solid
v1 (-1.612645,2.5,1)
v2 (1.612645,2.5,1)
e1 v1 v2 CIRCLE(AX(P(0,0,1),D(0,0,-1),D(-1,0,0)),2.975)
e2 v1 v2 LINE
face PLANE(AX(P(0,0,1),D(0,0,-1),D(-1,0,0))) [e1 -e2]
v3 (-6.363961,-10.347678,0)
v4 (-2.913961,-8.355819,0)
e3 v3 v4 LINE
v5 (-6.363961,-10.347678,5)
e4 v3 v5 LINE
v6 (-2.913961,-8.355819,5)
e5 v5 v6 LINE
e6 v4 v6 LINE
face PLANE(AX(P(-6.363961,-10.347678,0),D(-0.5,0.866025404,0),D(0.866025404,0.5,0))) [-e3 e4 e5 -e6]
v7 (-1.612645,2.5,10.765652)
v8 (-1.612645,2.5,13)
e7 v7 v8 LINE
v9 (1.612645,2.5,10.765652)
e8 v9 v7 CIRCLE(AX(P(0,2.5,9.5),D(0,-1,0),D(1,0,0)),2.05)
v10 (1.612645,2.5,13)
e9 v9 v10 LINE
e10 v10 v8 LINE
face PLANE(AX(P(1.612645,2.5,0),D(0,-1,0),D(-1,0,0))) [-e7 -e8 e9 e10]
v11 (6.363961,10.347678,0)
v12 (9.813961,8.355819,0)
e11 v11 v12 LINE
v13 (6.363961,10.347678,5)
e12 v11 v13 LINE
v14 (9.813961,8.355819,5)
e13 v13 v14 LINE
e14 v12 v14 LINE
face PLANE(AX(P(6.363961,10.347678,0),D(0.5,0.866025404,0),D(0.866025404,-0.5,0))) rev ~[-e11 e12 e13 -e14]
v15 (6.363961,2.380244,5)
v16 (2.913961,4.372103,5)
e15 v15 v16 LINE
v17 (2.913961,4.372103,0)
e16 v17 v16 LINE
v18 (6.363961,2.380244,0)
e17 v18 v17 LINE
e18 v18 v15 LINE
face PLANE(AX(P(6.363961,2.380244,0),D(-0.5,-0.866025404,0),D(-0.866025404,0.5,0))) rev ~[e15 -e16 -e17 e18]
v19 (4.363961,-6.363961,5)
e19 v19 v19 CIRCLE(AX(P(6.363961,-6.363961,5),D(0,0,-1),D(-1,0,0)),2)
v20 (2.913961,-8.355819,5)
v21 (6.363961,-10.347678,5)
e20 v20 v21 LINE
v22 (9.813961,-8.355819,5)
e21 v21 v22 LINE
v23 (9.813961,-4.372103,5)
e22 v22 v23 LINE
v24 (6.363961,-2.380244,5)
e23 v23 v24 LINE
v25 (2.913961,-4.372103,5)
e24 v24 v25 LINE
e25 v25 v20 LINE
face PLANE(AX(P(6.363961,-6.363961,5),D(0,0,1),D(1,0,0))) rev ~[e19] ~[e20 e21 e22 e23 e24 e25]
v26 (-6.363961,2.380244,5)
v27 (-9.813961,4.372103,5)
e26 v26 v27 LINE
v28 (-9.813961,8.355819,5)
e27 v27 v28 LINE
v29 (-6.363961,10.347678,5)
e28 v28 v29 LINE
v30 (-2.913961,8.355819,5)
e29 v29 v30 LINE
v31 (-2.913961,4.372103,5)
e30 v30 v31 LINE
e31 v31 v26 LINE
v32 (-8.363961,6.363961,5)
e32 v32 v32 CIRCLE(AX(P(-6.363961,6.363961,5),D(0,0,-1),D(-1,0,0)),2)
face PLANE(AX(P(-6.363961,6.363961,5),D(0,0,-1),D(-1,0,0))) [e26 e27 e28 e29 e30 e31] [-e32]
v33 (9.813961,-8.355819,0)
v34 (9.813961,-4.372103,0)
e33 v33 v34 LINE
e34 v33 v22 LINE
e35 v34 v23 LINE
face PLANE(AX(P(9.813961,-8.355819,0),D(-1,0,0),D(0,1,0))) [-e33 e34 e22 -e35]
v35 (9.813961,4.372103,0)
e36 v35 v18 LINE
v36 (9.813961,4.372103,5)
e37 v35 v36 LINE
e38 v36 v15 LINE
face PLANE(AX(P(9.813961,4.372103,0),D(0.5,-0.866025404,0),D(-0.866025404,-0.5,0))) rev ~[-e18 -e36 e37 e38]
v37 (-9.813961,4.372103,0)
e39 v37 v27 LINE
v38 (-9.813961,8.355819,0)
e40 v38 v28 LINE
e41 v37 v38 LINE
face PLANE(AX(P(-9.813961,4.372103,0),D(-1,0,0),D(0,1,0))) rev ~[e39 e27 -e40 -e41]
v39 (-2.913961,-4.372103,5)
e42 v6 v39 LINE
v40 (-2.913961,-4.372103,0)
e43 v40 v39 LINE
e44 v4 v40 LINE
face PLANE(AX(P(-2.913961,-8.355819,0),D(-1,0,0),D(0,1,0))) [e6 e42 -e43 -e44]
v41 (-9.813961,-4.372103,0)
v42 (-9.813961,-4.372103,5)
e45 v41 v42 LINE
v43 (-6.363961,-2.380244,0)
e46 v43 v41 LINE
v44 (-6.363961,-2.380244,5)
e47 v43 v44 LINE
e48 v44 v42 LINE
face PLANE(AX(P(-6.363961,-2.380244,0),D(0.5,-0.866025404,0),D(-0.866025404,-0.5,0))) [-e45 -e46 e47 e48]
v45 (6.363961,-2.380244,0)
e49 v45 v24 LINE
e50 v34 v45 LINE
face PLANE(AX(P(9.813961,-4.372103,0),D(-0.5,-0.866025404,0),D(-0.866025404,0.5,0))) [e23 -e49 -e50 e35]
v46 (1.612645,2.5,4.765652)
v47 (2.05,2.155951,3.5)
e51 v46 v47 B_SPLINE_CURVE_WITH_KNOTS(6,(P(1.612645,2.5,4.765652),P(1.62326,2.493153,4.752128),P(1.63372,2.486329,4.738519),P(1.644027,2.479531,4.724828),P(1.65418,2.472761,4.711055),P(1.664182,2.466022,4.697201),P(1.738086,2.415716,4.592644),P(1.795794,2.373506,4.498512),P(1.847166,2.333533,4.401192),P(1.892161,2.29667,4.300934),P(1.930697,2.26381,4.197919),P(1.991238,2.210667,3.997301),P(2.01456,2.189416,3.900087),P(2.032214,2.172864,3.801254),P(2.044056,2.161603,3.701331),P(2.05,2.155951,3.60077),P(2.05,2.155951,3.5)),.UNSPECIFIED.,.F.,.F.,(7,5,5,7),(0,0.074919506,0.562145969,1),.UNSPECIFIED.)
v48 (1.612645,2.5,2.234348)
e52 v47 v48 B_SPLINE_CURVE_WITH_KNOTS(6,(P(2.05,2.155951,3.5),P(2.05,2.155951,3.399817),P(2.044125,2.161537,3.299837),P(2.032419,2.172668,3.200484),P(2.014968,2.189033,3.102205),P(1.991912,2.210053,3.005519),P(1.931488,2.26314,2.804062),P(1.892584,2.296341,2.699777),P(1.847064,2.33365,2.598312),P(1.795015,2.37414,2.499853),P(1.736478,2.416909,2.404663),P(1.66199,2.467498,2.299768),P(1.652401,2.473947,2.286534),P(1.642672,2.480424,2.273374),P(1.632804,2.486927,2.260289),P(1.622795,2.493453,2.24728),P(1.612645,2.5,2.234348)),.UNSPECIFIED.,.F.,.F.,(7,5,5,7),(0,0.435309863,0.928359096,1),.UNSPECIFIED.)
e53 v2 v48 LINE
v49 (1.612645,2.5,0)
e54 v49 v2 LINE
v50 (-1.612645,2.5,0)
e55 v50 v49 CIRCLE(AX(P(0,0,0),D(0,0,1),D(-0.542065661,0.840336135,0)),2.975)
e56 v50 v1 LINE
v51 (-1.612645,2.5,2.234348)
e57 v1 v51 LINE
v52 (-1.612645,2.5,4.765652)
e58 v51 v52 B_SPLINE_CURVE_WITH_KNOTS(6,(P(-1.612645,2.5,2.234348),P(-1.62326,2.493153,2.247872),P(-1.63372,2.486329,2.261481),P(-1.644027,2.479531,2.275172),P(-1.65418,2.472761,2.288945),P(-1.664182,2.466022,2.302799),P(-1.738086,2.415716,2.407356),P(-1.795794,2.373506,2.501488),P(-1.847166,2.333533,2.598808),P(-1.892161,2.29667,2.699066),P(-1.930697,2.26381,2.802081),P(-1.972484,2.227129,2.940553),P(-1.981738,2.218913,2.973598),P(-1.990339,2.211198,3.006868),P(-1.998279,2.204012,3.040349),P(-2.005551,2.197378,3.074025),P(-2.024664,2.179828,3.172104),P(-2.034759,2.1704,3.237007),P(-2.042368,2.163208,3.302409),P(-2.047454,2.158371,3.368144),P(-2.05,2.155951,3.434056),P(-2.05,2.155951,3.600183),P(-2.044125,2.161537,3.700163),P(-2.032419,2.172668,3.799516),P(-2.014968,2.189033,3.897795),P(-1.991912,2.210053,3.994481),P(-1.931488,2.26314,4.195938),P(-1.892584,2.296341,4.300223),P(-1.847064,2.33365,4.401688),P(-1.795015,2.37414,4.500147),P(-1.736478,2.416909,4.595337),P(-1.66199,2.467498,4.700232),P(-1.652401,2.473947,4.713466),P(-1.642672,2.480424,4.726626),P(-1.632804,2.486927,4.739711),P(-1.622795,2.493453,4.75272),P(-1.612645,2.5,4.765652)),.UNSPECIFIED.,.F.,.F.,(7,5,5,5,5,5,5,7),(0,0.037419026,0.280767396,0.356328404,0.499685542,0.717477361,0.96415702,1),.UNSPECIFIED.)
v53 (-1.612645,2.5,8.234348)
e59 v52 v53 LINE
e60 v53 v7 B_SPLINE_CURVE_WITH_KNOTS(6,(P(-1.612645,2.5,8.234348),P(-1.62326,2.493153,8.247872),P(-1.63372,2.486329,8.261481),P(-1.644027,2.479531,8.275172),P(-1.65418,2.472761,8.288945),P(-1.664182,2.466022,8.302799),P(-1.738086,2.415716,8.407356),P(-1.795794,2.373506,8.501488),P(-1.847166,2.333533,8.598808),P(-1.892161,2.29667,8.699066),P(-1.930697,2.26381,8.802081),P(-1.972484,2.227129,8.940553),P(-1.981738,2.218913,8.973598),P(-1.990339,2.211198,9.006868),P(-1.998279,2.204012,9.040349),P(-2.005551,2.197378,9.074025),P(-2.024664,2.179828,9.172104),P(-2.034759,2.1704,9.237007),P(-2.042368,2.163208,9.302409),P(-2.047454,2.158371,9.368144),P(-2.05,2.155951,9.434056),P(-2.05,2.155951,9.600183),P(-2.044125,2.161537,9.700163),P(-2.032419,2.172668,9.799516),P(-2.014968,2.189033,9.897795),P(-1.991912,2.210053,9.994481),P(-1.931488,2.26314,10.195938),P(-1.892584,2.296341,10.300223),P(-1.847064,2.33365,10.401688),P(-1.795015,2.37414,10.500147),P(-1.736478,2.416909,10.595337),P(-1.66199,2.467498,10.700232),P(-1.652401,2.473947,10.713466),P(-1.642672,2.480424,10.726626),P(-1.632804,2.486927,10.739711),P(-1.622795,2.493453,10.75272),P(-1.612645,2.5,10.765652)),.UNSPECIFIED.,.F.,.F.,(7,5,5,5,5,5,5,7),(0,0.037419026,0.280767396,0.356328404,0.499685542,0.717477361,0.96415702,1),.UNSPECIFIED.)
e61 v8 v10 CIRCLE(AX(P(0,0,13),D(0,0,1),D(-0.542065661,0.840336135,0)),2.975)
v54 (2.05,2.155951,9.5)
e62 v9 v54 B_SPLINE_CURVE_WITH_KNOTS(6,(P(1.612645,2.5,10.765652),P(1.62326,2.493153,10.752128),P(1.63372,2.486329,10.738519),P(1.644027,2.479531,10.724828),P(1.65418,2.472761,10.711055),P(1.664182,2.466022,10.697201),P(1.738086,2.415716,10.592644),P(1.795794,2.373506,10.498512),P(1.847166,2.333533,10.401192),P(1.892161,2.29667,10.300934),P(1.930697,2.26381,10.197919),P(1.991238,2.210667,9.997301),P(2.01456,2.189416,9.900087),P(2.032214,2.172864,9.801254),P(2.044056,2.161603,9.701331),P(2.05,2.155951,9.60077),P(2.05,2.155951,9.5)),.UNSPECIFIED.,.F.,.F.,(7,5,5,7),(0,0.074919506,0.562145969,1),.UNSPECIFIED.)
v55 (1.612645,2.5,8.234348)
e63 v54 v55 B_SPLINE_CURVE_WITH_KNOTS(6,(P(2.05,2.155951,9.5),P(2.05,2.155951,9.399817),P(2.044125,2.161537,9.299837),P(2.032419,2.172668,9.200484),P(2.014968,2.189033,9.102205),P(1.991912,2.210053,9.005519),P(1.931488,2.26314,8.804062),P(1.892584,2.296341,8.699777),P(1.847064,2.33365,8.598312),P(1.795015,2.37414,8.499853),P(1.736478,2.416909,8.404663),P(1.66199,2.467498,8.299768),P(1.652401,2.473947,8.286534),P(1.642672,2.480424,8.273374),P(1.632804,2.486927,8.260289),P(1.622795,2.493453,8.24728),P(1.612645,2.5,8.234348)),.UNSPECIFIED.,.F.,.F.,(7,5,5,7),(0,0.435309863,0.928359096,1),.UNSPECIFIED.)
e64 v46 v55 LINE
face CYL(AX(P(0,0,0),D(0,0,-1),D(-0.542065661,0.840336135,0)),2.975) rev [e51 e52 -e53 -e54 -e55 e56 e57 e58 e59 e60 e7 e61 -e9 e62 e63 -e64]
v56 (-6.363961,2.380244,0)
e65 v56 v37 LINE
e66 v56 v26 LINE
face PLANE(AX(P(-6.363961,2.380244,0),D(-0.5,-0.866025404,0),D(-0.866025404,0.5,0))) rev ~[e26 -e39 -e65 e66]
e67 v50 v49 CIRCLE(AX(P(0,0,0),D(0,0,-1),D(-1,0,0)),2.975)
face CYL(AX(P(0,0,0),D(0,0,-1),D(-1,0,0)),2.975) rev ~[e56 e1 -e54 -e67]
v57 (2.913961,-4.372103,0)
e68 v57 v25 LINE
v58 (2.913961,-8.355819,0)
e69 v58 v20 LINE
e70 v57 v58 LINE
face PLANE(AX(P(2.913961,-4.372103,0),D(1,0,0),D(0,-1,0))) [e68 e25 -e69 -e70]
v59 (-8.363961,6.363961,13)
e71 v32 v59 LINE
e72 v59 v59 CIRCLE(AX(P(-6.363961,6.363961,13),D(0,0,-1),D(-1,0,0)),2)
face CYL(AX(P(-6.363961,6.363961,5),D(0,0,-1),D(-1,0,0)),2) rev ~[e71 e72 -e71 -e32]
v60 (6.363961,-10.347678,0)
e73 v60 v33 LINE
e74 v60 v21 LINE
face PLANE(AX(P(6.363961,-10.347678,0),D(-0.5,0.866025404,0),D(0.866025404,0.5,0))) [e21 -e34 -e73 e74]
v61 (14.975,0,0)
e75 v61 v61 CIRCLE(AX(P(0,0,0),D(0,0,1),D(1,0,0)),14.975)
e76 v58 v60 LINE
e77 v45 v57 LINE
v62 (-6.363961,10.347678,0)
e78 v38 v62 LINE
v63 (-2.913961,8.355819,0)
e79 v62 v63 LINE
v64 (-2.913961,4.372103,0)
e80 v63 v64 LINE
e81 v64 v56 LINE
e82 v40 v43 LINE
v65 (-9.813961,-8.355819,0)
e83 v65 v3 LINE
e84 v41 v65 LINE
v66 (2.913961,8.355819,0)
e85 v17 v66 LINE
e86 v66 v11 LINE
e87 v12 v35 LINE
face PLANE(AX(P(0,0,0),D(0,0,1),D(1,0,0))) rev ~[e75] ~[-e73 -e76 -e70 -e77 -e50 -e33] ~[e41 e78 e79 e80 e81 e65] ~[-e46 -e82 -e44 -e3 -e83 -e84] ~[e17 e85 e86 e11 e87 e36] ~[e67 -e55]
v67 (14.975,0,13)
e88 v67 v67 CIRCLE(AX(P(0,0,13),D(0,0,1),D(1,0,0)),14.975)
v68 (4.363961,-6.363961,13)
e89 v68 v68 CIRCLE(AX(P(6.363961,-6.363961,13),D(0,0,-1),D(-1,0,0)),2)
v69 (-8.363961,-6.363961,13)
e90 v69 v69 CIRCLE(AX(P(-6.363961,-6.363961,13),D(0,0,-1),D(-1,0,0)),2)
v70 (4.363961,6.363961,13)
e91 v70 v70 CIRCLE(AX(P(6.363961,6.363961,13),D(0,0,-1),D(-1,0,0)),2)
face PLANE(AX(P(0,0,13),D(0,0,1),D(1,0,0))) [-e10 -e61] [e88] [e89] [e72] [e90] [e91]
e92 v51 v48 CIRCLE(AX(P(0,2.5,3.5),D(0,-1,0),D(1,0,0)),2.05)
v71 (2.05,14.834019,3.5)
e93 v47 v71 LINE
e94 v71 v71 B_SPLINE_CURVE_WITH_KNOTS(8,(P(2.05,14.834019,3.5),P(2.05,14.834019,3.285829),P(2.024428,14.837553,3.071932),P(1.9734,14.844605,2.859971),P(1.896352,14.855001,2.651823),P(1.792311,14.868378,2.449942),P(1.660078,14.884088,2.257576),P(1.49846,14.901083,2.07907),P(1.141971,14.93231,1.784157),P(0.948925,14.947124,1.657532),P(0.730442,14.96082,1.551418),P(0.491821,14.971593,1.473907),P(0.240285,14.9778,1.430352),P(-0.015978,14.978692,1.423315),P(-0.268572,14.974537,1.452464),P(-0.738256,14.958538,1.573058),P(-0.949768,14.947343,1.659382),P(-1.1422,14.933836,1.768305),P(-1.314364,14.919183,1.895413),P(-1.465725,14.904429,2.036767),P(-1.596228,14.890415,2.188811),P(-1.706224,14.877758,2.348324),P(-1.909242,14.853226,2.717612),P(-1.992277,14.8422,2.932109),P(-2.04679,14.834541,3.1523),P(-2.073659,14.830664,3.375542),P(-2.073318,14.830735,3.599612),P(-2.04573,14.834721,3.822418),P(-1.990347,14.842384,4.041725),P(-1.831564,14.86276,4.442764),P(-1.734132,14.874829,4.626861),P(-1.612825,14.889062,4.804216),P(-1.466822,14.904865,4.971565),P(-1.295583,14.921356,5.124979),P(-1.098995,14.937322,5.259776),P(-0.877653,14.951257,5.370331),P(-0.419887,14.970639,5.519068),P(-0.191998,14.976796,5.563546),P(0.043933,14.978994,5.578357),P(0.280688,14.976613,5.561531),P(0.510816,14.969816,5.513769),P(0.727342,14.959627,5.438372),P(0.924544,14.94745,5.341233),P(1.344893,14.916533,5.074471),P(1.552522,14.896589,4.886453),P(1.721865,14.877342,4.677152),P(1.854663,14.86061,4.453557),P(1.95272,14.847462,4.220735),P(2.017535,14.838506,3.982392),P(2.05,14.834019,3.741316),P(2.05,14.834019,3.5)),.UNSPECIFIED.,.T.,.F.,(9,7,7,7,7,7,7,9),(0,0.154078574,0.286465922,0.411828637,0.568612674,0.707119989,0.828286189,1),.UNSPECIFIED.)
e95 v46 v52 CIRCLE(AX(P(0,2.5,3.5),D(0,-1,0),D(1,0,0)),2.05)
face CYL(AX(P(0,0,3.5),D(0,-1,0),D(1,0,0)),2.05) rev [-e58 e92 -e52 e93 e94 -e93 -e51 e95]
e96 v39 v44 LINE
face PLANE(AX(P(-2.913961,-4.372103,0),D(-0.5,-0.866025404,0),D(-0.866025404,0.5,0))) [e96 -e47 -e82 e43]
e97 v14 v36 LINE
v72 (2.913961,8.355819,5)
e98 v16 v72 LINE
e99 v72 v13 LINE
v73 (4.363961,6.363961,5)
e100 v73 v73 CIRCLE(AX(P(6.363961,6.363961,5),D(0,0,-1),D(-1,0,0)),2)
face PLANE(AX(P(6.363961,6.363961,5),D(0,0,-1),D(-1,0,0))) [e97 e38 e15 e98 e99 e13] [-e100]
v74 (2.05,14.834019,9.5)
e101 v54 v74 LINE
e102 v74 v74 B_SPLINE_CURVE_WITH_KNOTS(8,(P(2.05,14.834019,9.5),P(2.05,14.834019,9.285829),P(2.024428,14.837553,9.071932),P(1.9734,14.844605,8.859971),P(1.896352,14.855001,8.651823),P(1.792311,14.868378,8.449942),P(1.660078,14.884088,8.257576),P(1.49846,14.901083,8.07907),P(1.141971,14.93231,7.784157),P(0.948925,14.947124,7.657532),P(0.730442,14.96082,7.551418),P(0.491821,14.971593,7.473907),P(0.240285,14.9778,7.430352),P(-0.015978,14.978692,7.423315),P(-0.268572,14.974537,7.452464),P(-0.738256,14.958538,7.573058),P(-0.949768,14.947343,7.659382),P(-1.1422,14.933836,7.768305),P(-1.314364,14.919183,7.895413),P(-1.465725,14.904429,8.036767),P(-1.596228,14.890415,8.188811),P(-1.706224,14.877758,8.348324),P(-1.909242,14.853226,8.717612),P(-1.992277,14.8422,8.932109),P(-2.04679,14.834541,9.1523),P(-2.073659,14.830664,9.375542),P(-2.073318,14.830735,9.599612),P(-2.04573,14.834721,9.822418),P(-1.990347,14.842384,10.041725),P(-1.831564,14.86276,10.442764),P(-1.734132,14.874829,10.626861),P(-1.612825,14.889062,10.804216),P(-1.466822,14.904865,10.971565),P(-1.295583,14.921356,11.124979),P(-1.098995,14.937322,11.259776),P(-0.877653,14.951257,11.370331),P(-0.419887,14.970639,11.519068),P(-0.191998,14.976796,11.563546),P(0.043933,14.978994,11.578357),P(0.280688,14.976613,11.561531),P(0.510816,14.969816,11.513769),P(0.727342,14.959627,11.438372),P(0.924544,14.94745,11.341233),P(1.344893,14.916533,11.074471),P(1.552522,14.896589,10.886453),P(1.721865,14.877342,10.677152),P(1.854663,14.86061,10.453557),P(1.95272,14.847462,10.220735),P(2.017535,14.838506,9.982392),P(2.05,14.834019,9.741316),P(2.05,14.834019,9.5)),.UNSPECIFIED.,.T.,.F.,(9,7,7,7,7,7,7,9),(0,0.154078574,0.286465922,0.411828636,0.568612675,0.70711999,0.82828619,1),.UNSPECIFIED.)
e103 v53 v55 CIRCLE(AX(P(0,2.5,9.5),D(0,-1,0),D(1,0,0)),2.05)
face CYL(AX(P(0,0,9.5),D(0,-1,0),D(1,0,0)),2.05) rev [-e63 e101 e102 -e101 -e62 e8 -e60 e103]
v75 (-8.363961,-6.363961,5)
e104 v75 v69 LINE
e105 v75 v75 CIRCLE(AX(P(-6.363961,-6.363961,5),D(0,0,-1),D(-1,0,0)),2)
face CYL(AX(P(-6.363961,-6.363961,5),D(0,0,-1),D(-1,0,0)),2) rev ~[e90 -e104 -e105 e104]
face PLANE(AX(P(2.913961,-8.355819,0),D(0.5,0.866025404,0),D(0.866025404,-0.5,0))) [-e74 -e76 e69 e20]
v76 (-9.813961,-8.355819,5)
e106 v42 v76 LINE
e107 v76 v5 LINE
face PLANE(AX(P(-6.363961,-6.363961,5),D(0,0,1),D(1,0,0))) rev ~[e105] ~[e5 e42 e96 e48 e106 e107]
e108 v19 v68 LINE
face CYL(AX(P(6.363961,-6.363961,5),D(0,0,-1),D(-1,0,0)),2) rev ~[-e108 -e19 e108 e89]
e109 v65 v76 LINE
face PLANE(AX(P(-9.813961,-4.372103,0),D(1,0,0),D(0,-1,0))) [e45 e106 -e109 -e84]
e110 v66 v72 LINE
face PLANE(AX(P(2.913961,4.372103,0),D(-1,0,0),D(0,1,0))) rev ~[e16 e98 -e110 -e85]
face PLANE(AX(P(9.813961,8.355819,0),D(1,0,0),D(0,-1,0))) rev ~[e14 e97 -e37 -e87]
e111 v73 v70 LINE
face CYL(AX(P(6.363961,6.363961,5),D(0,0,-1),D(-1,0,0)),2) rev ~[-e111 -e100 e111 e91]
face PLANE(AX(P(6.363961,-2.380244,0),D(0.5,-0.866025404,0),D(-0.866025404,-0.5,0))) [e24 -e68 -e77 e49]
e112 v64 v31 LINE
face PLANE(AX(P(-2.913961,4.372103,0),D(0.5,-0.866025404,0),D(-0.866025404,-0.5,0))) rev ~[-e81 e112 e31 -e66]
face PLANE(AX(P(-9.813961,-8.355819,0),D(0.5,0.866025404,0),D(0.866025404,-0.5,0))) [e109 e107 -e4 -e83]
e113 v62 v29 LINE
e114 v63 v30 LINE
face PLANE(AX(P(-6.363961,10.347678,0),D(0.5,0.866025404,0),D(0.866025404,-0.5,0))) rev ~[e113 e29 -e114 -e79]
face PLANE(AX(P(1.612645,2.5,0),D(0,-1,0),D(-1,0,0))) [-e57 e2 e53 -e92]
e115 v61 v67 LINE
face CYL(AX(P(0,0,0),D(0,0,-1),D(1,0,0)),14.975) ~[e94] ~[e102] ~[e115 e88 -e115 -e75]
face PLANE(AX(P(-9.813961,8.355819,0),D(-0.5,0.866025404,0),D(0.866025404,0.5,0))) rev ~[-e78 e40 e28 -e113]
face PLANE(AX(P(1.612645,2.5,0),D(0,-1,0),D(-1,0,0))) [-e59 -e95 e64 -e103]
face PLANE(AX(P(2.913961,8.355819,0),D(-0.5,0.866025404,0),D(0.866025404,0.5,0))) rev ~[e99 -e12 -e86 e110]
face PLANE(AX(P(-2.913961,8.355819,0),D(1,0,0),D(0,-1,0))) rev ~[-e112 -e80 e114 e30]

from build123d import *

# Parameters (mm, degrees)
SKETCH1_R           = 14.975
BOSS_EXTRUDE1_DEPTH = 13
SKETCH3_R           = 2.05
CUT_EXTRUDE2_DEPTH  = 16
CUT_EXTRUDE7_DEPTH  = 5
SKETCH12_R          = 2
CUT_EXTRUDE8_DEPTH  = 9.0000001
SKETCH13_R          = 2.975
CUT_EXTRUDE9_DEPTH  = 1


with BuildPart() as part:
    # Sketch1 → Boss-Extrude1 (new body)
    with BuildSketch(Plane.XY):
        Circle(SKETCH1_R)
        with BuildLine():
            Line((1.612645342, 2.5), (-1.612645342, 2.5))
            ThreePointArc((-1.612645342, 2.5), (0, -2.975), (1.612645342, 2.5))
        make_face(mode=Mode.SUBTRACT)
    extrude(amount=BOSS_EXTRUDE1_DEPTH)

    # Sketch3 → Cut-Extrude2 (cut)
    with BuildSketch(Plane(origin=(0, 0, 0), x_dir=(1, 0, 0), z_dir=(0, 1, 0))):
        with Locations((0, -3.5)):
            Circle(SKETCH3_R)
        with Locations((0, -9.5)):
            Circle(SKETCH3_R)
    extrude(amount=CUT_EXTRUDE2_DEPTH, mode=Mode.SUBTRACT)

    # Sketch11 → Cut-Extrude7 (cut)
    with BuildSketch(Plane(origin=(0, 0, 0), x_dir=(-1, 0, 0), z_dir=(0, 0, -1))):
        Polygon((-6.363961031, 2.380244173), (-2.913961031, 4.372102602), (-2.913961031, 8.355819459), (-6.363961031, 10.347677888), (-9.813961031, 8.355819459), (-9.813961031, 4.372102602), align=None)
        Polygon((9.813961031, 8.355819459), (6.363961031, 10.347677888), (2.913961031, 8.355819459), (2.913961031, 4.372102602), (6.363961031, 2.380244173), (9.813961031, 4.372102602), align=None)
        Polygon((9.813961031, -4.372102602), (9.813961031, -8.355819459), (6.363961031, -10.347677888), (2.913961031, -8.355819459), (2.913961031, -4.372102602), (6.363961031, -2.380244173), align=None)
        Polygon((-9.813961031, -4.372102602), (-6.363961031, -2.380244173), (-2.913961031, -4.372102602), (-2.913961031, -8.355819459), (-6.363961031, -10.347677888), (-9.813961031, -8.355819459), align=None)
    extrude(amount=-CUT_EXTRUDE7_DEPTH, mode=Mode.SUBTRACT)

    # Sketch12 → Cut-Extrude8 (cut, through all)
    with BuildSketch(Plane(origin=(0, 0, 5), x_dir=(-1, 0, 0), z_dir=(0, 0, -1))):
        with Locations((-6.363961031, 6.363961031)):
            Circle(SKETCH12_R)
        with Locations((6.363961031, 6.363961031)):
            Circle(SKETCH12_R)
        with Locations((6.363961031, -6.363961031)):
            Circle(SKETCH12_R)
        with Locations((-6.363961031, -6.363961031)):
            Circle(SKETCH12_R)
    extrude(amount=-CUT_EXTRUDE8_DEPTH, mode=Mode.SUBTRACT)

    # Sketch13 → Cut-Extrude9 (cut)
    with BuildSketch(Plane(origin=(0, 0, 0), x_dir=(-1, 0, 0), z_dir=(0, 0, -1))):
        Circle(SKETCH13_R)
    extrude(amount=-CUT_EXTRUDE9_DEPTH, mode=Mode.SUBTRACT)


solid = part.part
